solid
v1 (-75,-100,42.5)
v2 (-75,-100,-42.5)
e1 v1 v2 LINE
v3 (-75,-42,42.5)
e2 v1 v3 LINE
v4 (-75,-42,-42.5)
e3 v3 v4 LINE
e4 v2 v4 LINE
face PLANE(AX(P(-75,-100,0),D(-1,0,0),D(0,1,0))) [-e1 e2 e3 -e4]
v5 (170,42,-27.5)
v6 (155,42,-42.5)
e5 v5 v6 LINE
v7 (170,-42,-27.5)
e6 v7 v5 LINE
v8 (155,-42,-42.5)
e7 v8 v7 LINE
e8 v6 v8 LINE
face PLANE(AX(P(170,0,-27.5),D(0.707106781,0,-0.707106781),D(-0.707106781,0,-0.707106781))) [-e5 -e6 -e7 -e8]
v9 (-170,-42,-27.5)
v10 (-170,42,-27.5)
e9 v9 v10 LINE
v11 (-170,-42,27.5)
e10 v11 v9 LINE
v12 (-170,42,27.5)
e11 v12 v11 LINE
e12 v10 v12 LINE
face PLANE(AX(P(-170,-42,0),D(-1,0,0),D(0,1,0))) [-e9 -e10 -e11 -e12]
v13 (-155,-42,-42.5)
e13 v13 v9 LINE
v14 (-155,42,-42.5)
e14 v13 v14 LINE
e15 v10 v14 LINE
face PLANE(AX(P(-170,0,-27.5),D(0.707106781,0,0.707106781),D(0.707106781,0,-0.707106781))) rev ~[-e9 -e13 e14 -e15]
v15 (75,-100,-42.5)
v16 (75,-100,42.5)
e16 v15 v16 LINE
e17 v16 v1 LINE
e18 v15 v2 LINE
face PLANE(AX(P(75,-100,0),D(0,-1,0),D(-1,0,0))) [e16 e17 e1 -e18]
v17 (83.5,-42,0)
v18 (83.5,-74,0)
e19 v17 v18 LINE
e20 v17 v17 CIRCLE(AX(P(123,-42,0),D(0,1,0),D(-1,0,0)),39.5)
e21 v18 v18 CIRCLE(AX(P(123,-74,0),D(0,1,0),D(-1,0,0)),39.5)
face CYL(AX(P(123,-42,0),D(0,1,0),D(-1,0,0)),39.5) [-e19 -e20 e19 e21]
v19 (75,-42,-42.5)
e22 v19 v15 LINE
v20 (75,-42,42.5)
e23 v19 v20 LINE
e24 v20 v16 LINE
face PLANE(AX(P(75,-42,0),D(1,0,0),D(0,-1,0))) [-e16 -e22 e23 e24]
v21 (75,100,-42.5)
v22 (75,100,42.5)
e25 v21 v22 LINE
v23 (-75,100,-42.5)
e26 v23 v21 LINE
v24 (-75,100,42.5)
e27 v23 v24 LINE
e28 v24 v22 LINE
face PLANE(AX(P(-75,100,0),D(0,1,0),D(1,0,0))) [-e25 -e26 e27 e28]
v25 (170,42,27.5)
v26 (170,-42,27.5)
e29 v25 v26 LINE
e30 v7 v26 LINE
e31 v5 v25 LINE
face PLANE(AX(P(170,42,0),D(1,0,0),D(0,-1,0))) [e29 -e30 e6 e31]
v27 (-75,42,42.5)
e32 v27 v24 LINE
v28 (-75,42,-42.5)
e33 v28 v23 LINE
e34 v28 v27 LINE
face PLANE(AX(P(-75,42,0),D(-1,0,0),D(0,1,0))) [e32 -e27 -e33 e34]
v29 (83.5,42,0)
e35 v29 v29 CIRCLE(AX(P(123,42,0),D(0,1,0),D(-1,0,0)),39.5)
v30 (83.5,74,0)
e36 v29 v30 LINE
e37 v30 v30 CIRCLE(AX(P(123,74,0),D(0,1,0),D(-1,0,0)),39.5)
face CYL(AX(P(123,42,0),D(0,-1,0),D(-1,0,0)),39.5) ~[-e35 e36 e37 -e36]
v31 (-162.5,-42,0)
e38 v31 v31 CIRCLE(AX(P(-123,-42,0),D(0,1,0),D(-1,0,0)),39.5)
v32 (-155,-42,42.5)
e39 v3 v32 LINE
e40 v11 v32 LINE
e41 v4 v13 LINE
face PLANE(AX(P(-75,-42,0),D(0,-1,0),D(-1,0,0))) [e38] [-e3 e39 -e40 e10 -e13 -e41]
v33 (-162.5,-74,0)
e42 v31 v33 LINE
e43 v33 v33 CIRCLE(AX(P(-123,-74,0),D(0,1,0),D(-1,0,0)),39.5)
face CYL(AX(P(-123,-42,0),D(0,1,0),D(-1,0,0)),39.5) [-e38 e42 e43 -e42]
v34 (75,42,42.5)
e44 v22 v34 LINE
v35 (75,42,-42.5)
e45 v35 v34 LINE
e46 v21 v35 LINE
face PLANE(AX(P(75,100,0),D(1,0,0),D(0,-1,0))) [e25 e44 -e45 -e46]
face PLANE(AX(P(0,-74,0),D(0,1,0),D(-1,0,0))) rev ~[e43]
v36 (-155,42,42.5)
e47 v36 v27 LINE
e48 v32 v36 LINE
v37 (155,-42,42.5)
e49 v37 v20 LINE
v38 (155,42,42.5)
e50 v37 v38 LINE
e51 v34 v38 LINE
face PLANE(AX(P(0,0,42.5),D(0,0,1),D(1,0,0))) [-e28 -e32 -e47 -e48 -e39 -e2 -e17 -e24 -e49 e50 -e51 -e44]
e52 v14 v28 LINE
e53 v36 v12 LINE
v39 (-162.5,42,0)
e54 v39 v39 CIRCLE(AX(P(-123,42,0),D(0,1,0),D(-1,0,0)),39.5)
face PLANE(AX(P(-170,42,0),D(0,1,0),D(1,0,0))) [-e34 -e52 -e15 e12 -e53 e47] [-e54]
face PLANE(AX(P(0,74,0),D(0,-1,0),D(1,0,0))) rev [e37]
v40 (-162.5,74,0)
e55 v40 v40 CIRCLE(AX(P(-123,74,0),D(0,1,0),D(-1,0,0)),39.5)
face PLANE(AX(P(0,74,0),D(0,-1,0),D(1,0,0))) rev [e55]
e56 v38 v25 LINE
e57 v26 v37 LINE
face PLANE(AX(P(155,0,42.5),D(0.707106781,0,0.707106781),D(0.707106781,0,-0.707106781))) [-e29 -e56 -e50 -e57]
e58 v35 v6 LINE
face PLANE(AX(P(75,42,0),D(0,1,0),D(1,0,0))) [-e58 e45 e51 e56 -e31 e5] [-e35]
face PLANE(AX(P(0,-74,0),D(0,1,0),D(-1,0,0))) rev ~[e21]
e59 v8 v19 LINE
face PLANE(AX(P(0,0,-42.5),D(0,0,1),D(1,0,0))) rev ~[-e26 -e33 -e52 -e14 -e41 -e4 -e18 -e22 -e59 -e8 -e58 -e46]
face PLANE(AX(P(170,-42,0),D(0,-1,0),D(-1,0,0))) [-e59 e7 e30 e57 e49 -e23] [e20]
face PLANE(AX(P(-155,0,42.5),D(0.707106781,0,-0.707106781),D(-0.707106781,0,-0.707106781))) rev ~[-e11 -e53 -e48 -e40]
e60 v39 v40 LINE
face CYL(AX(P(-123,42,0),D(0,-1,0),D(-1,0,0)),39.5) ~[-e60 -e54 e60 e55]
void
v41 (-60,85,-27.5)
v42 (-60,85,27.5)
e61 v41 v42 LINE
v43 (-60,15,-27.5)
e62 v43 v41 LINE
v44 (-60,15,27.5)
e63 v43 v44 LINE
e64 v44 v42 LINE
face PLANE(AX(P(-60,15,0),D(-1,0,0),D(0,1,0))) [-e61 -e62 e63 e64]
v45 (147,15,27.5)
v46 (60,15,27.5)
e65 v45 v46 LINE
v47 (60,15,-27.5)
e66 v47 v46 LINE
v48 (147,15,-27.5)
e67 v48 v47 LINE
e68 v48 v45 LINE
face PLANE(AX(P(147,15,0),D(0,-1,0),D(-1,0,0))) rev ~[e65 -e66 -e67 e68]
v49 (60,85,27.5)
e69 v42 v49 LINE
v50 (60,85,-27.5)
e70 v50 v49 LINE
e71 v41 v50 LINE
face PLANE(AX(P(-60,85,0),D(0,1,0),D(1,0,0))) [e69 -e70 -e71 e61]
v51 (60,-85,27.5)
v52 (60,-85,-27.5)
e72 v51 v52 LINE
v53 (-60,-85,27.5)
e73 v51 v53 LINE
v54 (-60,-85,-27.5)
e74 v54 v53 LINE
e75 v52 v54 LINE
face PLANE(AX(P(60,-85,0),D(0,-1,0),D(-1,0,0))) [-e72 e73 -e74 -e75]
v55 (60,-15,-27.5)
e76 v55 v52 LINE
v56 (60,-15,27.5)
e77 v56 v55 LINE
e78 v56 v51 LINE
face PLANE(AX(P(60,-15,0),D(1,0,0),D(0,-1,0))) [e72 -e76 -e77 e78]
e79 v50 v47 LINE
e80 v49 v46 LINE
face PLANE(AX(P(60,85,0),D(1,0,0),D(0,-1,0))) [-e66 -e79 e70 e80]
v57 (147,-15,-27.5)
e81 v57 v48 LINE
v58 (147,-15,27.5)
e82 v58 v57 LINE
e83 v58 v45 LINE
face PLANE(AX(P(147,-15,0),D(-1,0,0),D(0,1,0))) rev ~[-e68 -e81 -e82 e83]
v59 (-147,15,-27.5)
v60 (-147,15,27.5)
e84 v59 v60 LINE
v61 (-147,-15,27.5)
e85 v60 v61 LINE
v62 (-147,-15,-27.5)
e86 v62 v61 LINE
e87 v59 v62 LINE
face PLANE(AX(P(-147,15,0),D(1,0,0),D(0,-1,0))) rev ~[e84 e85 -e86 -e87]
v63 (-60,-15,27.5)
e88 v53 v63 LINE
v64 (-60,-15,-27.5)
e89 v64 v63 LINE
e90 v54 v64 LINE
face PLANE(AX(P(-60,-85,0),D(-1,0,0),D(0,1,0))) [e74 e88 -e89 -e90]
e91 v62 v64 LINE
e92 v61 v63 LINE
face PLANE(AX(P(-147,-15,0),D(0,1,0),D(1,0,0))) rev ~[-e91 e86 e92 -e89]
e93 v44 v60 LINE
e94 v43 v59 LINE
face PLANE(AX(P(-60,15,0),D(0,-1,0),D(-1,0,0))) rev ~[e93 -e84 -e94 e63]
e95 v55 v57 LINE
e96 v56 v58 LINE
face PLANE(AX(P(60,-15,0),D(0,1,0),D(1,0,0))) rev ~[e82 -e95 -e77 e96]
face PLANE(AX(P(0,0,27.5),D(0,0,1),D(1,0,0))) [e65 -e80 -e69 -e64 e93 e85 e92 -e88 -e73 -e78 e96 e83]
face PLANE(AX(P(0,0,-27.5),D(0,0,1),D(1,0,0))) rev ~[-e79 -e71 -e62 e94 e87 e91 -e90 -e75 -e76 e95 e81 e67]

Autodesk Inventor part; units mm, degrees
ref_plane "YZ Plane" through (0, 0, 0) normal (1, 0, 0) x (0, 1, 0)
ref_plane "XZ Plane" through (0, 0, 0) normal (0, 1, 0) x (-1, 0, 0)
ref_plane "XY Plane" through (0, 0, 0) normal (0, 0, 1) x (1, 0, 0)
sketch "Sketch4" plane through (0, 0, 0) normal (0, 0, 1) x (1, 0, 0)
  line L0 (75, -100) -> (-75, -100)
  line L1 (-75, -100) -> (-75, 100)
  line L2 (-75, 100) -> (75, 100)
  line L3 (75, 100) -> (75, -100)
  line L4 (75, -100) -> (-75, 100) construction
  line L5 (-75, -100) -> (75, 100) construction
  line L6 (170, -42) -> (-170, -42)
  line L7 (-170, -42) -> (-170, 42)
  line L8 (-170, 42) -> (170, 42)
  line L9 (170, 42) -> (170, -42)
  line L10 (170, -42) -> (-170, 42) construction
  line L11 (-170, -42) -> (170, 42) construction
  point P0 (0, 0)
  point P1 (0, 0)
  point P2 (0, 0)
  point P3 (75, 42)
  point P4 (-75, 42)
  point P5 (-75, -42)
  point P6 (75, -42)
  dimension "d17" = 84
  dimension "d18" = 340
  dimension "d19" = 150
  dimension "d20" = 200
extrude "Extrusion4" add sketch "Sketch4" along normal mid plane 85
sketch "Sketch5" plane through (0, 0, 0) normal (0, 1, 0) x (-1, 0, 0)
  circle A0 centre (-123, 0) radius 39.5
  circle A1 centre (123, 0) radius 39.5
  line L0 (75, 42.5) -> (-75, 42.5) construction
  line L1 (0, 42.5) -> (0, -42.5) construction
  line L2 (-75, -42.5) -> (75, -42.5) construction
  line L3 (-170, -42.5) -> (-170, 42.5) construction
  line L4 (-170, 0) -> (170, 0) construction
  line L5 (170, -42.5) -> (170, 42.5) construction
  circle A2 centre (-123, 0) radius 31.5
  circle A3 centre (123, 0) radius 31.5
  line L6 (-155, 42.5) -> (-170, 27.5)
  line L7 (-170, -27.5) -> (-155, -42.5)
  line L8 (-170, -42.5) -> (-75, -42.5) projected
  line L9 (170, 42.5) -> (75, 42.5) projected
  line L10 (155, 42.5) -> (170, 27.5)
  line L11 (170, -27.5) -> (155, -42.5)
  line L12 (-75, 42.5) -> (-170, 42.5) projected
  line L13 (75, -42.5) -> (170, -42.5) projected
  line L14 (-170, 42.5) -> (-170, -42.5)
  line L15 (170, 42.5) -> (170, -42.5)
  point P0 (0, 0)
  point P1 (-170, -27.5)
  dimension "d23" = 79
  dimension "d24" = 246
  dimension "d39" = 63
  dimension "d42" = 15
  dimension "d43" = 45
extrude "Extrusion5" add sketch "Sketch5" against normal blind 32 from surface at -42 contours A0 | A1 | A2 | A3
sketch "Sketch6" plane through (0, 0, 0) normal (0, 0, 1) x (1, 0, 0)
  line L0 (147, 15) -> (-147, 15)
  line L1 (-147, 15) -> (-147, -15)
  line L2 (-147, -15) -> (147, -15)
  line L3 (147, -15) -> (147, 15)
  line L4 (147, 15) -> (-147, -15) construction
  line L5 (-147, 15) -> (147, -15) construction
  line L6 (-60, 85) -> (60, 85)
  line L7 (60, 85) -> (60, -85)
  line L8 (60, -85) -> (-60, -85)
  line L9 (-60, -85) -> (-60, 85)
  line L10 (-60, 85) -> (60, -85) construction
  line L11 (60, 85) -> (-60, -85) construction
  line L12 (75, -100) -> (-75, -100) projected
  line L13 (-75, 42) -> (-75, 100) projected
  line L14 (-170, -42) -> (-170, 42) projected
  line L15 (-75, -42) -> (-170, -42) projected
  point P0 (0, 0)
  point P1 (-60, -15)
  point P2 (60, -15)
  point P3 (60, 15)
  point P4 (-60, 15)
  dimension "d27" = 15
  dimension "d28" = 15
  dimension "d29" = 23
  dimension "d30" = 27
  dimension "d46" = 30
extrude "Extrusion6" cut sketch "Sketch6" along normal mid plane 55
extrude "Extrusion8" cut sketch "Sketch5" against normal through all both and the other way through all contours L7 L8 L14 | L6 L14 L12 | L15 L10 L9 | L15 L13 L11
mirror "Mirror1" about plane through (0, 0, 0) normal (0, 1, 0) of "Extrusion5"
equation "\"d21\" = body_thickness"
equation "\"d27\" = wall_thickness"
equation "\"d28\" = wall_thickness"
equation "\"d31\" = body_thickness - 2 * wall_thickness"
equation "\"wall_thickness\" = 15"
equation "\"body_thickness\" = 85"
properties part number "body_inventor"
